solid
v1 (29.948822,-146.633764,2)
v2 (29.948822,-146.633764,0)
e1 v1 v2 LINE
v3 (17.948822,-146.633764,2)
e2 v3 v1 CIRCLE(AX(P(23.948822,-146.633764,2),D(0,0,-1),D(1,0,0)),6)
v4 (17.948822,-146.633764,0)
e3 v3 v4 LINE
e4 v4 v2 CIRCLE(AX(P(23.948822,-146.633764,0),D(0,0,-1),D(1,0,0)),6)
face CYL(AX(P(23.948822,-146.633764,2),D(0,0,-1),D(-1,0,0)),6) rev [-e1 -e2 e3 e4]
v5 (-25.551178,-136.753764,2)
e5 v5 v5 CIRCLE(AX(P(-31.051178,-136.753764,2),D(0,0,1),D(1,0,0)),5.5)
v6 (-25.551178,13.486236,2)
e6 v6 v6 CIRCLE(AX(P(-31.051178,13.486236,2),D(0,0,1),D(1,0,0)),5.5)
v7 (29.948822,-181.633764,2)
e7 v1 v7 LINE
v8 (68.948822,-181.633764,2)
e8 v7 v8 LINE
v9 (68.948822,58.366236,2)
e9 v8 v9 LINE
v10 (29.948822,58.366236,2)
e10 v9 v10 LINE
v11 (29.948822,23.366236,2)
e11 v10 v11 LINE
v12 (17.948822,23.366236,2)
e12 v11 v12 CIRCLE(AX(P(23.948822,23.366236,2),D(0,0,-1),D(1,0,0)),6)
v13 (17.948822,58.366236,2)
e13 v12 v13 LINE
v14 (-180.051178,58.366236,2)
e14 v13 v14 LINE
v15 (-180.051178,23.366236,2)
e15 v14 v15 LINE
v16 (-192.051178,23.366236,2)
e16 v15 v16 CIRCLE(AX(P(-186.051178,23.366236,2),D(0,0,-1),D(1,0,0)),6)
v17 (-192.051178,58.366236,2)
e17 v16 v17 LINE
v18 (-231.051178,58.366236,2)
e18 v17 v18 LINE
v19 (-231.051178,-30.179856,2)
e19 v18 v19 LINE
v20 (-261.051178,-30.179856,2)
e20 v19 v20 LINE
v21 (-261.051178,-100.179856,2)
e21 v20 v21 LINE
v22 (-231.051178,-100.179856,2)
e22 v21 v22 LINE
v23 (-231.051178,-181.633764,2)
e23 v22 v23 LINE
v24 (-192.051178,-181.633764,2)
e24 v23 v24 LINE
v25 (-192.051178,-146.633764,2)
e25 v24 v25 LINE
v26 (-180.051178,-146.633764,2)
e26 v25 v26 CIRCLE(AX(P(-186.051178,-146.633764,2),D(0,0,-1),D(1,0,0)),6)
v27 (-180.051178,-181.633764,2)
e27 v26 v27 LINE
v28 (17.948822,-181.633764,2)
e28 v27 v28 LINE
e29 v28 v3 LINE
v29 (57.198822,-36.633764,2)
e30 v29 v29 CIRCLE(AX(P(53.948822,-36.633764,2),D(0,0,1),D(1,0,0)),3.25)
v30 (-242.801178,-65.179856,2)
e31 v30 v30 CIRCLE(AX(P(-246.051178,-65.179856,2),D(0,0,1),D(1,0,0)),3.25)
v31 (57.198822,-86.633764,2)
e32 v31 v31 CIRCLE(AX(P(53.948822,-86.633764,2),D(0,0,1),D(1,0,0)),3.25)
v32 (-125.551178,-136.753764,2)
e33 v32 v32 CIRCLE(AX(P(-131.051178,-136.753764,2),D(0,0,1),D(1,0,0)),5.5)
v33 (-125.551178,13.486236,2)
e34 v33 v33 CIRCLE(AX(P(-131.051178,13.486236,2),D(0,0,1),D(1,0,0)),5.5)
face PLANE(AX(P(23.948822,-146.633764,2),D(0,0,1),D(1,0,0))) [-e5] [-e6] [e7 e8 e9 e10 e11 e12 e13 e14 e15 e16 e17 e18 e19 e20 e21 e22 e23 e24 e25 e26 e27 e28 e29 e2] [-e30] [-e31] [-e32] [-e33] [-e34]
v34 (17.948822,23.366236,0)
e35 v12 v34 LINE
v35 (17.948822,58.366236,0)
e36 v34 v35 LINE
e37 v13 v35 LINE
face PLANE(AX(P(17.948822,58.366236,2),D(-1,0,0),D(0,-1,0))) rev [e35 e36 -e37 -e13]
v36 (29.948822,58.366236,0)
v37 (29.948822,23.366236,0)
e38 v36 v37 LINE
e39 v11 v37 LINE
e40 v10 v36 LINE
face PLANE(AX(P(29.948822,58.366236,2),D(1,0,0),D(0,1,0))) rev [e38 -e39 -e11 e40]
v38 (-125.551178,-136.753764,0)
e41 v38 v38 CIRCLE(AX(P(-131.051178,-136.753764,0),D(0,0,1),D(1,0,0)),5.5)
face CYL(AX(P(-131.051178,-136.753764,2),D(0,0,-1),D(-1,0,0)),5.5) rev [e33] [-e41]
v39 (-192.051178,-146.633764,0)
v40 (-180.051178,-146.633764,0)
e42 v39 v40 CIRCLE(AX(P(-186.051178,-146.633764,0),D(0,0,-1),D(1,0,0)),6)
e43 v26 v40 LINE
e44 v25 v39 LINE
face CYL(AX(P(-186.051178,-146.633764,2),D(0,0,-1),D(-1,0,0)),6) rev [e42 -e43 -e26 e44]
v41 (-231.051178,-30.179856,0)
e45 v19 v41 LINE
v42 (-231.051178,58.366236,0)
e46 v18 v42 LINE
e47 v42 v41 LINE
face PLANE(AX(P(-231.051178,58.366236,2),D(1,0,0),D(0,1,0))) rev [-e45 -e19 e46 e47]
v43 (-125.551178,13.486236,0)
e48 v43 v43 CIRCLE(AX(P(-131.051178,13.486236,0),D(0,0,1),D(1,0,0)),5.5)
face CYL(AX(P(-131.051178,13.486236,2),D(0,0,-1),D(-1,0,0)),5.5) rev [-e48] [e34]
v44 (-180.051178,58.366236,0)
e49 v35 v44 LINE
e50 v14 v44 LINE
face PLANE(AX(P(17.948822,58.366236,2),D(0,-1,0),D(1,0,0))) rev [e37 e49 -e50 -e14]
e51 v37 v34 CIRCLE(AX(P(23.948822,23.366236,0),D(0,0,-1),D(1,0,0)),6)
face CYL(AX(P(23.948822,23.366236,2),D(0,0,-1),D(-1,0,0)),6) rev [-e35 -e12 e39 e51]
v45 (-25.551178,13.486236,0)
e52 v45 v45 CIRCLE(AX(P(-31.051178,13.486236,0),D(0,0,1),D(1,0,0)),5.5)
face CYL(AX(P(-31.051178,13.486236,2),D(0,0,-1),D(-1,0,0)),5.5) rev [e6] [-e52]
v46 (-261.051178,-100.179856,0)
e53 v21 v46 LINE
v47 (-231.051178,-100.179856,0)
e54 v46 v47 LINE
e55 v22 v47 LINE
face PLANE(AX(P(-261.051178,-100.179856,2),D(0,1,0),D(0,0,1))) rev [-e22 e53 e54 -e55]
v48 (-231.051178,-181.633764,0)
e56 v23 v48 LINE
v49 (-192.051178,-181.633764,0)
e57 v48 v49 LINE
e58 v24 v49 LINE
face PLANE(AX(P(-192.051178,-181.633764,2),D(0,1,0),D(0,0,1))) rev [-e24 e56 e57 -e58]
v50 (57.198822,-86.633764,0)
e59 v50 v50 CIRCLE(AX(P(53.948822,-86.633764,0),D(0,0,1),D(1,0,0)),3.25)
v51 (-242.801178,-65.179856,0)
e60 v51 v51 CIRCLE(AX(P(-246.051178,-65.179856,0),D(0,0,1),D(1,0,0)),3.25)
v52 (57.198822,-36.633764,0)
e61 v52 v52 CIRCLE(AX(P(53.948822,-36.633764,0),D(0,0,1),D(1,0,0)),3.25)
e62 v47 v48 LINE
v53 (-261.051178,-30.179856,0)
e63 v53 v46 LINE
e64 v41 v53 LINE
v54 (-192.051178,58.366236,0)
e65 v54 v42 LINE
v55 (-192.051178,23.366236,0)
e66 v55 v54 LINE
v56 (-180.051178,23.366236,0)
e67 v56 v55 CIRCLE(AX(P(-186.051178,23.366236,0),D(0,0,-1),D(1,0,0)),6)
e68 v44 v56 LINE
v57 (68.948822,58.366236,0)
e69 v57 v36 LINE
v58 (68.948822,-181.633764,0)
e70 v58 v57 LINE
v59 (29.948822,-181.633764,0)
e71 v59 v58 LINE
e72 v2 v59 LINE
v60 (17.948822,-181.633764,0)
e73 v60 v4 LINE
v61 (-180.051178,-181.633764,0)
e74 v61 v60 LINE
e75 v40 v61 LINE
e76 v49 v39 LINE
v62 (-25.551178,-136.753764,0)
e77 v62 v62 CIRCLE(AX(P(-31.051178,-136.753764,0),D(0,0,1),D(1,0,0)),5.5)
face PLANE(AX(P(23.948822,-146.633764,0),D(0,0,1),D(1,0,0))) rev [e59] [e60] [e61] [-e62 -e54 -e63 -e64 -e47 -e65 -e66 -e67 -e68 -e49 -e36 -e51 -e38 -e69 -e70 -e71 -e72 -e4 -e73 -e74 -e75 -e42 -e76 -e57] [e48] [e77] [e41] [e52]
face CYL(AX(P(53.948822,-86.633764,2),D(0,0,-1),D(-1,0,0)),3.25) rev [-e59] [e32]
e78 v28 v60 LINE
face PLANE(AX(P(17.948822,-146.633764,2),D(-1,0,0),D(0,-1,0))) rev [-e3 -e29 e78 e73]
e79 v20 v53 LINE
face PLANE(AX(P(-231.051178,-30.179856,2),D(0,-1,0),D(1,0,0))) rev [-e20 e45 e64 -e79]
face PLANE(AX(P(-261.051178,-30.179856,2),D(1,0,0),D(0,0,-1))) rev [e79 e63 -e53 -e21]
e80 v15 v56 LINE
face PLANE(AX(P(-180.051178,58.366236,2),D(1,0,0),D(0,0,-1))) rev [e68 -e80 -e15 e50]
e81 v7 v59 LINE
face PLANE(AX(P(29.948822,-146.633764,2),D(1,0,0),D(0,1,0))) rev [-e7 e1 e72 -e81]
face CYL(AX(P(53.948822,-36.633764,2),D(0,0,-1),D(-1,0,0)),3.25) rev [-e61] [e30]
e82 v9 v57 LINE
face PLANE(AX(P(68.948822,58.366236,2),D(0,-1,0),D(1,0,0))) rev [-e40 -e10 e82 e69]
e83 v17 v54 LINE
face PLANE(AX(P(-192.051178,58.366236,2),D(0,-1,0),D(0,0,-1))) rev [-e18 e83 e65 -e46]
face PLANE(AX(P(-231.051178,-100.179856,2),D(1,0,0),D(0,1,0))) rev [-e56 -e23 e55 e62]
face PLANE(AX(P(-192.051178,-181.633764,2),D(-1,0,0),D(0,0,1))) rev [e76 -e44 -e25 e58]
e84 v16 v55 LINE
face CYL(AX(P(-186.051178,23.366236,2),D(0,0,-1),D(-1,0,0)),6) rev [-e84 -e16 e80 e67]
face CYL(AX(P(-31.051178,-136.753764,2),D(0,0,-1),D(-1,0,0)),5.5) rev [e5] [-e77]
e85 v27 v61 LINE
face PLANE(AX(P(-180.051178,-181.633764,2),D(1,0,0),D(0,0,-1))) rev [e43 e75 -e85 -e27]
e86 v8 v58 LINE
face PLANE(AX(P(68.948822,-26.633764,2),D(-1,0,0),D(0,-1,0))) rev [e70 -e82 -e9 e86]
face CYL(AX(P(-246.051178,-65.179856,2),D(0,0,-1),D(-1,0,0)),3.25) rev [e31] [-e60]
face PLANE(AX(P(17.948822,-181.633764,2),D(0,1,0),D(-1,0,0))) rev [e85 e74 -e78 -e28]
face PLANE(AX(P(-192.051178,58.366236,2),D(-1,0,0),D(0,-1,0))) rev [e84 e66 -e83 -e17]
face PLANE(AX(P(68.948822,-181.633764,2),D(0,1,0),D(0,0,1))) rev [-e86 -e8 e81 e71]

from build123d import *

# Parameters (mm, degrees)
SKETCH1_R           = 5.5
SKETCH1_R_2         = 3.25
BOSS_EXTRUDE1_DEPTH = 2


with BuildPart() as part:
    # Sketch1 → Boss-Extrude1 (new body)
    with BuildSketch(Plane.XY):
        with BuildLine():
            Line((68.948821818, 58.366235714), (29.948821818, 58.366235714))
            Line((29.948821818, 58.366235714), (29.948821818, 23.366235714))
            ThreePointArc((29.948821818, 23.366235714), (23.948821818, 17.366235714), (17.948821818, 23.366235714))
            Line((17.948821818, 23.366235714), (17.948821818, 58.366235714))
            Line((17.948821818, 58.366235714), (-180.051178182, 58.366235714))
            Line((-180.051178182, 58.366235714), (-180.051178182, 23.366235714))
            ThreePointArc((-180.051178182, 23.366235714), (-186.051178182, 17.366235714), (-192.051178182, 23.366235714))
            Line((-192.051178182, 23.366235714), (-192.051178182, 58.366235714))
            Line((-192.051178182, 58.366235714), (-231.051178182, 58.366235714))
            Line((-231.051178182, 58.366235714), (-231.051178182, -30.179856115))
            Line((-231.051178182, -30.179856115), (-261.051178182, -30.179856115))
            Line((-261.051178182, -30.179856115), (-261.051178182, -100.179856115))
            Line((-261.051178182, -100.179856115), (-231.051178182, -100.179856115))
            Line((-231.051178182, -100.179856115), (-231.051178182, -181.633764286))
            Line((-231.051178182, -181.633764286), (-192.051178182, -181.633764286))
            Line((-192.051178182, -181.633764286), (-192.051178182, -146.633764286))
            ThreePointArc((-192.051178182, -146.633764286), (-186.051178182, -140.633764286), (-180.051178182, -146.633764286))
            Line((-180.051178182, -146.633764286), (-180.051178182, -181.633764286))
            Line((-180.051178182, -181.633764286), (17.948821818, -181.633764286))
            Line((17.948821818, -181.633764286), (17.948821818, -146.633764286))
            ThreePointArc((17.948821818, -146.633764286), (23.948821818, -140.633764286), (29.948821818, -146.633764286))
            Line((29.948821818, -146.633764286), (29.948821818, -181.633764286))
            Line((29.948821818, -181.633764286), (68.948821818, -181.633764286))
            Line((68.948821818, -181.633764286), (68.948821818, -26.633764286))
            Line((68.948821818, -26.633764286), (68.948821818, 58.366235714))
        make_face()
        with Locations((-131.051178182, 13.486235714)):
            Circle(SKETCH1_R, mode=Mode.SUBTRACT)
        with Locations((53.948821818, -36.633764286)):
            Circle(SKETCH1_R_2, mode=Mode.SUBTRACT)
        with Locations((53.948821818, -86.633764286)):
            Circle(SKETCH1_R_2, mode=Mode.SUBTRACT)
        with Locations((-246.051178182, -65.179856115)):
            Circle(SKETCH1_R_2, mode=Mode.SUBTRACT)
        with Locations((-31.051178182, -136.753764286)):
            Circle(SKETCH1_R, mode=Mode.SUBTRACT)
        with Locations((-131.051178182, -136.753764286)):
            Circle(SKETCH1_R, mode=Mode.SUBTRACT)
        with Locations((-31.051178182, 13.486235714)):
            Circle(SKETCH1_R, mode=Mode.SUBTRACT)
    extrude(amount=BOSS_EXTRUDE1_DEPTH)


solid = part.part
